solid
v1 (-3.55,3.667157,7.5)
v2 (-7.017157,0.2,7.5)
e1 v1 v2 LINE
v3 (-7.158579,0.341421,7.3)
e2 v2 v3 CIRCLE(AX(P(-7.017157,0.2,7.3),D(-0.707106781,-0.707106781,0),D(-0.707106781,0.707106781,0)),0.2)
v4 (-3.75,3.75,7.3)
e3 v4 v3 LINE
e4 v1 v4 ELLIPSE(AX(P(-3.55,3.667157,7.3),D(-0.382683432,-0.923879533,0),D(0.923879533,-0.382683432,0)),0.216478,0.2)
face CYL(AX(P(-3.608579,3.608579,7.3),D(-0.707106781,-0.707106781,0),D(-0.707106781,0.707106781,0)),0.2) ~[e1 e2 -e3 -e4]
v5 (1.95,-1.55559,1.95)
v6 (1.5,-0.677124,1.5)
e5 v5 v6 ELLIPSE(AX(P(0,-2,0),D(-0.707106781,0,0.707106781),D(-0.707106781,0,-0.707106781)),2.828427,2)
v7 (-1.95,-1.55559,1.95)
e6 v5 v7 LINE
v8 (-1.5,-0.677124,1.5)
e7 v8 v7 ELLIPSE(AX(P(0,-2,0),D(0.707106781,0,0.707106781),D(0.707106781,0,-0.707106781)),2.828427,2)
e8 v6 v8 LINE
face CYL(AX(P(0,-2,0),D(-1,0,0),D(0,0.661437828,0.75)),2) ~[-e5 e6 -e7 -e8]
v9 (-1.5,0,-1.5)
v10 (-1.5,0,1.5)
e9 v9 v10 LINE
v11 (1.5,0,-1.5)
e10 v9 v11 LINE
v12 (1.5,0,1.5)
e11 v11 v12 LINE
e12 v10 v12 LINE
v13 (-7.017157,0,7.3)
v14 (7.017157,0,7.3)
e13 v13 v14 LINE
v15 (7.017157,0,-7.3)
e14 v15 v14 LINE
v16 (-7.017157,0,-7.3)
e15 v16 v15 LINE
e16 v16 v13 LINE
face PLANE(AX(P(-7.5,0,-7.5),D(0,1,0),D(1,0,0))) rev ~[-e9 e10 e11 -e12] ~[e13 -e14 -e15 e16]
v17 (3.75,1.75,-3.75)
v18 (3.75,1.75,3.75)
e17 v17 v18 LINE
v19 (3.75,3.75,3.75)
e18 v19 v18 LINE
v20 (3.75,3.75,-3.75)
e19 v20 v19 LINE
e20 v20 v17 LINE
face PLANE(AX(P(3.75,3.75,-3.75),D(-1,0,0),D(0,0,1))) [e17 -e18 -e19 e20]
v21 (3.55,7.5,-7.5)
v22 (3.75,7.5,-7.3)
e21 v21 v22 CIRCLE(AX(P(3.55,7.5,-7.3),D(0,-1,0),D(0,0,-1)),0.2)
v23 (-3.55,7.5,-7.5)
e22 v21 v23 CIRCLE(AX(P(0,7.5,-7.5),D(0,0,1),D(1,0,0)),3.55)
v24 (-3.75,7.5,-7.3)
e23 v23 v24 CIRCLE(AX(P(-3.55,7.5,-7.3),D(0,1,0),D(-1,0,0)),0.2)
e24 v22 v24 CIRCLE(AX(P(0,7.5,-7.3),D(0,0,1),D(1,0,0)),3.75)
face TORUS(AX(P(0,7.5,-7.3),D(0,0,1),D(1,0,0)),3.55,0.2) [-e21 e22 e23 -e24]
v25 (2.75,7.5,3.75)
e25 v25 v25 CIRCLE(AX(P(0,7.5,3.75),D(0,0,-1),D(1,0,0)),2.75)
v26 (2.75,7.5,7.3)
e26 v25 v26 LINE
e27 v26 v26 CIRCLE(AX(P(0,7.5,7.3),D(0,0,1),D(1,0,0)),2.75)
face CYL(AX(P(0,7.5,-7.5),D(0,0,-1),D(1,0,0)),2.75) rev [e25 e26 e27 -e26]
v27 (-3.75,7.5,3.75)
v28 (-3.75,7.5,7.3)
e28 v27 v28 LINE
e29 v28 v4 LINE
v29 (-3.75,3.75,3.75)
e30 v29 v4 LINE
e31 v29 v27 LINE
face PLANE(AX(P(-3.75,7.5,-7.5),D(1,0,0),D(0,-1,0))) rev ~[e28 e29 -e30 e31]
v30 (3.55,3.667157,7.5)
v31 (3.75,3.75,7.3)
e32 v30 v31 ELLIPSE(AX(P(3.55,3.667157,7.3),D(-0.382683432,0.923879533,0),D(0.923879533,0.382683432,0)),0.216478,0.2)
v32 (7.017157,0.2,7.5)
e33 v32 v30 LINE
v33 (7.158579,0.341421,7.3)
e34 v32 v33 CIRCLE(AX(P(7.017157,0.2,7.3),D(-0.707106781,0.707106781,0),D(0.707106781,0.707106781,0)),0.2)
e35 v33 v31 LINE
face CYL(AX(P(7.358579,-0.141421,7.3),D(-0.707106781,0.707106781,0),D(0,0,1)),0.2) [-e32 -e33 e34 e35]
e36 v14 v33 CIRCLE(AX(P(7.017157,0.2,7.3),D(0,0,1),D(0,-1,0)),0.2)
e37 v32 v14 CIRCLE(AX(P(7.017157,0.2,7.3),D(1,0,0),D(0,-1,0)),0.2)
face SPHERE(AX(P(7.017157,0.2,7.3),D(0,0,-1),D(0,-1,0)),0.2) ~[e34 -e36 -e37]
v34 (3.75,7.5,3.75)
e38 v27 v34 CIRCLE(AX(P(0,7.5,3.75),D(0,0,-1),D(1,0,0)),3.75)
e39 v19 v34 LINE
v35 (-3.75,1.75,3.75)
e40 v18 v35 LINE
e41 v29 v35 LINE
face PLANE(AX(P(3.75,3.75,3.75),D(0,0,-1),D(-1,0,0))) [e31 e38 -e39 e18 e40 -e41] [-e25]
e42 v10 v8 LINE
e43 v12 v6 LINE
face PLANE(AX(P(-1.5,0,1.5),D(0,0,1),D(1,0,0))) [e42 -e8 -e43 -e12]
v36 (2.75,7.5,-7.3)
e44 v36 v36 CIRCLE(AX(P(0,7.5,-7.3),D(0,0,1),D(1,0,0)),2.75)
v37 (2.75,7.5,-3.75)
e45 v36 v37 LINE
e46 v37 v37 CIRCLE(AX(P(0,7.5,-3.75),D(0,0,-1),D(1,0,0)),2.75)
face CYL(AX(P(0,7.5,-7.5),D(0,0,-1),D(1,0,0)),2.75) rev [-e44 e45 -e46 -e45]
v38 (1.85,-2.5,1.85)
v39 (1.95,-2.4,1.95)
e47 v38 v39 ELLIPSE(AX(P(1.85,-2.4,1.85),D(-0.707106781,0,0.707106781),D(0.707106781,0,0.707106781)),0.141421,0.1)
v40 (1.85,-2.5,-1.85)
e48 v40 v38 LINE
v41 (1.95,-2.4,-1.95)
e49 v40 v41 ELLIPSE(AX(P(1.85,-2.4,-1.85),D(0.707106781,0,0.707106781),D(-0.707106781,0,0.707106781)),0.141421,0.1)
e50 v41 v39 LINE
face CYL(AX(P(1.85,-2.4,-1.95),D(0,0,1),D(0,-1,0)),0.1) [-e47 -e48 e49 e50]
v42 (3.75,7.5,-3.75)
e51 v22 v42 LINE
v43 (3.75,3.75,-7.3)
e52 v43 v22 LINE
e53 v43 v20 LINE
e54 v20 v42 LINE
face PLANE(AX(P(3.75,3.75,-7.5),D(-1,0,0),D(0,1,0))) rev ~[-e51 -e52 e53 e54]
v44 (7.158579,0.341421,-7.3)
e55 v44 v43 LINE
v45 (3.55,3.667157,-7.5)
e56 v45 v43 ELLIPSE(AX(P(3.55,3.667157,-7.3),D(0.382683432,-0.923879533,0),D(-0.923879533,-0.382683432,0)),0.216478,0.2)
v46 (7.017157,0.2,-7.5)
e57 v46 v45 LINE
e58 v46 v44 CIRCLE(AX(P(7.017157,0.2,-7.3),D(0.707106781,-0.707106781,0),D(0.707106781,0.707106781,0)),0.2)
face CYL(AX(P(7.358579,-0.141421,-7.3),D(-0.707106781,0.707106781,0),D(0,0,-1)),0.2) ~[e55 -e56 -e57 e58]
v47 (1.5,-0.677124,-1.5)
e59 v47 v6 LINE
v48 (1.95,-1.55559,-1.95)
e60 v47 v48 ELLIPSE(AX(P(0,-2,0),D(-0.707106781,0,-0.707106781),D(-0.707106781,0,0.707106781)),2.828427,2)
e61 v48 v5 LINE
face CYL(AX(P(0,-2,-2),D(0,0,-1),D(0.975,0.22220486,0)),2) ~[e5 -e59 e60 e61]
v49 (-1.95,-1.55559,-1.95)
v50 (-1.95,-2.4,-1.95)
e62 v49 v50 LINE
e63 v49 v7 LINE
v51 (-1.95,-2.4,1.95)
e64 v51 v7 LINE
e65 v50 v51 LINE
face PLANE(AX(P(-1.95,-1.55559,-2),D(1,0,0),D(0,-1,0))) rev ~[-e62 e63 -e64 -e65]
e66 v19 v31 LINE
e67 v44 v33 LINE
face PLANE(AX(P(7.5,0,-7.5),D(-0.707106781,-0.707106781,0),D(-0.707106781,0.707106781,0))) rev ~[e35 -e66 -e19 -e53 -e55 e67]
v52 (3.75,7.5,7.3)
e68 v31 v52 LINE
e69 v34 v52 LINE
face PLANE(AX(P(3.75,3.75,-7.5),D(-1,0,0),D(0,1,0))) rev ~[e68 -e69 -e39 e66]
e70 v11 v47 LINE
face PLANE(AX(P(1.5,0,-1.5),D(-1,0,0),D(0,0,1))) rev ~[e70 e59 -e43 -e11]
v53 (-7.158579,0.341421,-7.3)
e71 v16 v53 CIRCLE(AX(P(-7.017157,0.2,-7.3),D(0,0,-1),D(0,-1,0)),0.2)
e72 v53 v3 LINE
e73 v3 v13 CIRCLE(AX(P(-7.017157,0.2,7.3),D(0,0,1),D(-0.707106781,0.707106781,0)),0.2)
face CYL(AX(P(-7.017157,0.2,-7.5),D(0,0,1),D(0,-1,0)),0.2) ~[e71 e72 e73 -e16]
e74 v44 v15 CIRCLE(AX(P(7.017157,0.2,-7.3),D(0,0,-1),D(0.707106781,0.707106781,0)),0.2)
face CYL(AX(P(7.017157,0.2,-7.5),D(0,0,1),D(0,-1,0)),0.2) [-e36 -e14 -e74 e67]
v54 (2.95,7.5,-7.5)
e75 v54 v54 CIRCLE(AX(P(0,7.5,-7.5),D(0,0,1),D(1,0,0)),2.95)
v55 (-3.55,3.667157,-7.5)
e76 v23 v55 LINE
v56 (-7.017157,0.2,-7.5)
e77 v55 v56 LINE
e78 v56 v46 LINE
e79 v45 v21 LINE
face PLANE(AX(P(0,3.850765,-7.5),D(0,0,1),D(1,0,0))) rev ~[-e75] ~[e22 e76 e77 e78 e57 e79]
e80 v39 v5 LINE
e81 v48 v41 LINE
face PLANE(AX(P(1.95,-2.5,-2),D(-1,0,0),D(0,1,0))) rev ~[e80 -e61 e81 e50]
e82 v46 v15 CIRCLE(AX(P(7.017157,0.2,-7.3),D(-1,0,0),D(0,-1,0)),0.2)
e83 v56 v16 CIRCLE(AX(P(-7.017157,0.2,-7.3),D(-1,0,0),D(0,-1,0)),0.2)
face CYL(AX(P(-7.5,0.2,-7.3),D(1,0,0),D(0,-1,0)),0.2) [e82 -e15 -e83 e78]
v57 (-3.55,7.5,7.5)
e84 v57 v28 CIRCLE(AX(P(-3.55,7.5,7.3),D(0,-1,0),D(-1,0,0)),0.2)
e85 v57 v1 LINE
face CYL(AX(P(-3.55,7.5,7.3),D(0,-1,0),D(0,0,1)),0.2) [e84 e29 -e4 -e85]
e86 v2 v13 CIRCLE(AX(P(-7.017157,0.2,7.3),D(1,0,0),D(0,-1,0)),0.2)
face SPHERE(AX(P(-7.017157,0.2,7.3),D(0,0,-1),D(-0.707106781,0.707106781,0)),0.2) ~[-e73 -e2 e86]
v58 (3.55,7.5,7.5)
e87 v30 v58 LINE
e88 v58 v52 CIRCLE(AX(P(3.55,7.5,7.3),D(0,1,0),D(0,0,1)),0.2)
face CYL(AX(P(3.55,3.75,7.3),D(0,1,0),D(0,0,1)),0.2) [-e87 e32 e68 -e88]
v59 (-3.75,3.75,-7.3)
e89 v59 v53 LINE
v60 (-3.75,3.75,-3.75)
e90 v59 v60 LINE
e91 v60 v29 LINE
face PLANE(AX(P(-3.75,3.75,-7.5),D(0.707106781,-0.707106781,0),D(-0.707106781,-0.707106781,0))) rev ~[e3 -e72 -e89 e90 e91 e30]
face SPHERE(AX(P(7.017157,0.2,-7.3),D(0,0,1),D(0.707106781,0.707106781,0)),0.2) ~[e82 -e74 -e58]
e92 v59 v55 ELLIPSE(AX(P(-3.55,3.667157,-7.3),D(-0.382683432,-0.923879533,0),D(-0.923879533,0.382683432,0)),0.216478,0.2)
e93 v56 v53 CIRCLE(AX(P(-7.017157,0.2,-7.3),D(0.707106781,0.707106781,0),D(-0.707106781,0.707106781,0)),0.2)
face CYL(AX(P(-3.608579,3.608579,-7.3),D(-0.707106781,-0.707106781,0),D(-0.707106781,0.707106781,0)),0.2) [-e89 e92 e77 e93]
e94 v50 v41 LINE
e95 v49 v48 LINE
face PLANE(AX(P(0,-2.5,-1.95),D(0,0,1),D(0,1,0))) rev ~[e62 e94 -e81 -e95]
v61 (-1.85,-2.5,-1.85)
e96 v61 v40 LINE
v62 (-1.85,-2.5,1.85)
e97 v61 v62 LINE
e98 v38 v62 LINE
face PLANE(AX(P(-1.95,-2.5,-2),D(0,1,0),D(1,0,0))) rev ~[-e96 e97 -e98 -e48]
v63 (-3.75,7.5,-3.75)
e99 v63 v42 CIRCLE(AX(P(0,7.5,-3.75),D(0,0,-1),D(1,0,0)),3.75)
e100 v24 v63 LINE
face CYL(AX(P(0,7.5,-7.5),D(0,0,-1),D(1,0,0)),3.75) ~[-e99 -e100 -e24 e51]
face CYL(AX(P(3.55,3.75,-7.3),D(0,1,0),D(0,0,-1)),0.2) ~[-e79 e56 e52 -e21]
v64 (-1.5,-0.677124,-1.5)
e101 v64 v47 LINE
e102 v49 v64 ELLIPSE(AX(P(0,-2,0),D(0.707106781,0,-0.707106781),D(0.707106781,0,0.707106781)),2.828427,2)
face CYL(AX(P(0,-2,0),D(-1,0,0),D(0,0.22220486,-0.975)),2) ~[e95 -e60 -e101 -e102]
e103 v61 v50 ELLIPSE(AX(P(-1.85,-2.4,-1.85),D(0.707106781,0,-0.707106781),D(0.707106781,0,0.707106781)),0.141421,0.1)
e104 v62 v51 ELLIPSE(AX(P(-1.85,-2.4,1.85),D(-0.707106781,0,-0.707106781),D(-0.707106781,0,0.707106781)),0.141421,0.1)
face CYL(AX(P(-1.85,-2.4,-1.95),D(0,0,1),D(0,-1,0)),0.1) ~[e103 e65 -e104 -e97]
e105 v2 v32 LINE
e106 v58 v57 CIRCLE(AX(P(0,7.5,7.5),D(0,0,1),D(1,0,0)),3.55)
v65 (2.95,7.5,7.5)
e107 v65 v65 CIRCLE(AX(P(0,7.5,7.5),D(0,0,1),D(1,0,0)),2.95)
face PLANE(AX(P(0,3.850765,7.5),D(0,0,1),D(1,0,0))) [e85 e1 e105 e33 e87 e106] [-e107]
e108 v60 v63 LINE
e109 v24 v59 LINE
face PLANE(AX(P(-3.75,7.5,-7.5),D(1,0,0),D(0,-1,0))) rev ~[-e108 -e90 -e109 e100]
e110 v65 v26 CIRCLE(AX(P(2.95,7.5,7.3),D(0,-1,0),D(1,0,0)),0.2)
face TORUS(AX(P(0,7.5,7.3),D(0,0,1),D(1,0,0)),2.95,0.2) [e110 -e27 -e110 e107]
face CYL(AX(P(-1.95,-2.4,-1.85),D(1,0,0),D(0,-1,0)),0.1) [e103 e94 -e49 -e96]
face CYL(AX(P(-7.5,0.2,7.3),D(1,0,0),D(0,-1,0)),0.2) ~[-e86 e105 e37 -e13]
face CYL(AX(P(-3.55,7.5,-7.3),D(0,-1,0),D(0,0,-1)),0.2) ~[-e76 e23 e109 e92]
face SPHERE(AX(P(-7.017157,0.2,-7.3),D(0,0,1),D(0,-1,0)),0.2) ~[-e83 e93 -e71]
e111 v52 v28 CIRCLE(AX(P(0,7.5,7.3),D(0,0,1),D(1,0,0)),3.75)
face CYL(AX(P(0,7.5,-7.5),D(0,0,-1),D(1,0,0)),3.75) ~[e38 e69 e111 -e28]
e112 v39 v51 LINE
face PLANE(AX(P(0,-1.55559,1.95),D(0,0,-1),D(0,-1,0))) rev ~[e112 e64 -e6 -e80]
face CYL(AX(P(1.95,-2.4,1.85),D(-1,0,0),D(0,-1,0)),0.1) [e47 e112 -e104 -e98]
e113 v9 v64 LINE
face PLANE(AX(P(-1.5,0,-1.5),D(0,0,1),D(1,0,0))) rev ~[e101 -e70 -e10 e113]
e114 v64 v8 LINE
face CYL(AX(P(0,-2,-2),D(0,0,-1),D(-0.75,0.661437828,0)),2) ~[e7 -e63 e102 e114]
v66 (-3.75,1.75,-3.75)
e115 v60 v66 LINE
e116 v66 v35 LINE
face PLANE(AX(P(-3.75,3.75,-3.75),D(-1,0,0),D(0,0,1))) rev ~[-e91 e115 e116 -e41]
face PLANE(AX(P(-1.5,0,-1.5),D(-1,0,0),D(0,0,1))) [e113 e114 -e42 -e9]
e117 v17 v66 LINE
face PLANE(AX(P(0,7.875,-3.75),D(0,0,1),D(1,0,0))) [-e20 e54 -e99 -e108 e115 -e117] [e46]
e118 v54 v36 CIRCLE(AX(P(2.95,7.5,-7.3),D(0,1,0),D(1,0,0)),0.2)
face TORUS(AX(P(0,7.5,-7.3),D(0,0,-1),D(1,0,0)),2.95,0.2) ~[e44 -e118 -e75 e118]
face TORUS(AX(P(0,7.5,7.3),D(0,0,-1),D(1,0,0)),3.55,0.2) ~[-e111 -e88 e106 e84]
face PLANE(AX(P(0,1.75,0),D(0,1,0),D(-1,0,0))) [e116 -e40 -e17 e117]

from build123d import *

# Parameters (mm, degrees)
EXTRUDE_1_DEPTH                 = 7.5
EXTRUDE_1_DEPTH_BACK            = 7.5
SKETCH_1_R                      = 2.75
CUT_EXTRUDE_1_DEPTH             = 3.75
CUT_EXTRUDE_1_DEPTH_BACK        = 3.75
SKETCH_2_W                      = 7.5
SKETCH_2_H                      = 8.25
SKETCH_3_W                      = 7.5
SKETCH_3_H                      = 7.5
CUT_EXTRUDE_2_DEPTH             = 2
SKETCH_4_W                      = 3
SKETCH_4_H                      = 3
EXTRUDE_2_DEPTH                 = 1
EXTRUDE_3_DEPTH                 = 2
EXTRUDE_3_DEPTH_BACK            = 2
CUT_EXTRUDE_3_REACH             = 17.462
CUT_EXTRUDE_3_DIRECTION_2_REACH = 17.462
FILLET_1_R                      = 0.1
FILLET_2_R                      = 0.2


with BuildPart() as part:
    # 草图1 → 凸台-拉伸1 (new, two sides: drawn at the far end of the back side and taken through both)
    with BuildSketch(Plane.XY.offset(-EXTRUDE_1_DEPTH_BACK)):
        with BuildLine():
            Line((-7.5, 0), (7.5, 0))
            Line((7.5, 0), (3.75, 3.75))
            Line((3.75, 3.75), (3.75, 7.5))
            ThreePointArc((3.75, 7.5), (0, 11.25), (-3.75, 7.5))
            Line((-3.75, 7.5), (-3.75, 3.75))
            Line((-3.75, 3.75), (-7.5, 0))
        make_face()
        with Locations((0, 7.5)):
            Circle(SKETCH_1_R, mode=Mode.SUBTRACT)
    extrude(amount=EXTRUDE_1_DEPTH + EXTRUDE_1_DEPTH_BACK)

    # 草图2 → 切除-拉伸1 (cut, two sides: drawn at the far end of the back side and taken through both)
    with BuildSketch(Plane.XY.offset(-CUT_EXTRUDE_1_DEPTH_BACK)):
        with Locations((0, 7.875)):
            Rectangle(SKETCH_2_W, SKETCH_2_H)
    extrude(amount=CUT_EXTRUDE_1_DEPTH + CUT_EXTRUDE_1_DEPTH_BACK, mode=Mode.SUBTRACT)

    # 草图3 → 切除-拉伸2 (cut)
    with BuildSketch(Plane(origin=(0, 3.75, 0), x_dir=(-1, 0, 0), z_dir=(0, 1, 0))):
        Rectangle(SKETCH_3_W, SKETCH_3_H)
    extrude(amount=-CUT_EXTRUDE_2_DEPTH, mode=Mode.SUBTRACT)

    # 草图4 → 凸台-拉伸2 (add)
    with BuildSketch(Plane.XZ):
        Rectangle(SKETCH_4_W, SKETCH_4_H)
    extrude(amount=EXTRUDE_2_DEPTH)

    # 草图5 → 凸台-拉伸3 (add, two sides: drawn at the far end of the back side and taken through both)
    with BuildSketch(Plane.XY.offset(-EXTRUDE_3_DEPTH_BACK)):
        with BuildLine():
            Line((-1.95, -2.5), (1.95, -2.5))
            Line((1.95, -2.5), (1.95, -1.555590279))
            ThreePointArc((1.95, -1.555590279), (1.780042303, -1.088161527), (1.5, -0.677124344))
            Line((1.5, -0.677124344), (-1.5, -0.677124344))
            ThreePointArc((-1.5, -0.677124344), (-1.780042303, -1.088161527), (-1.95, -1.555590279))
            Line((-1.95, -1.555590279), (-1.95, -2.5))
        make_face()
    extrude(amount=EXTRUDE_3_DEPTH + EXTRUDE_3_DEPTH_BACK)

    # 草图6 → 切除-拉伸3 (cut, up to next)
    with BuildSketch(Plane(origin=(0, 0, 0), x_dir=(0, 0, -1), z_dir=(1, 0, 0)), mode=Mode.PRIVATE) as cut_extrude_3_sk1:
        with BuildLine():
            Line((1.95, -2.5), (1.95, -1.555590279))
            ThreePointArc((1.95, -1.555590279), (1.780042303, -1.088161527), (1.5, -0.677124344))
            Line((1.5, -0.677124344), (2, -0.677124344))
            Line((2, -0.677124344), (2, -2.5))
            Line((2, -2.5), (1.95, -2.5))
        make_face()
    cut_extrude_3_tool1 = extrude(cut_extrude_3_sk1.sketch, amount=-CUT_EXTRUDE_3_REACH, mode=Mode.PRIVATE) & part.part
    # 草图6 → 切除-拉伸3 (cut, up to next)
    with BuildSketch(Plane(origin=(0, 0, 0), x_dir=(0, 0, -1), z_dir=(1, 0, 0)), mode=Mode.PRIVATE) as cut_extrude_3_sk2:
        with BuildLine():
            Line((-2, -2.5), (-2, -0.677124344))
            Line((-2, -0.677124344), (-1.5, -0.677124344))
            ThreePointArc((-1.5, -0.677124344), (-1.780042303, -1.088161527), (-1.95, -1.555590279))
            Line((-1.95, -1.555590279), (-1.95, -2.5))
            Line((-1.95, -2.5), (-2, -2.5))
        make_face()
    cut_extrude_3_tool2 = extrude(cut_extrude_3_sk2.sketch, amount=-CUT_EXTRUDE_3_REACH, mode=Mode.PRIVATE) & part.part
    add(cut_extrude_3_tool1.solids().sort_by_distance((0, -1.175075, -1.873038))[0], mode=Mode.SUBTRACT)
    add(cut_extrude_3_tool2.solids().sort_by_distance((0, -1.175075, 1.873038))[0], mode=Mode.SUBTRACT)

    # 草图6 → 切除-拉伸3 direction 2 (cut, up to next)
    with BuildSketch(Plane(origin=(0, 0, 0), x_dir=(0, 0, -1), z_dir=(1, 0, 0)), mode=Mode.PRIVATE) as cut_extrude_3_direction_2_sk1:
        with BuildLine():
            Line((1.95, -2.5), (1.95, -1.555590279))
            ThreePointArc((1.95, -1.555590279), (1.780042303, -1.088161527), (1.5, -0.677124344))
            Line((1.5, -0.677124344), (2, -0.677124344))
            Line((2, -0.677124344), (2, -2.5))
            Line((2, -2.5), (1.95, -2.5))
        make_face()
    cut_extrude_3_direction_2_tool1 = extrude(cut_extrude_3_direction_2_sk1.sketch, amount=CUT_EXTRUDE_3_DIRECTION_2_REACH, mode=Mode.PRIVATE) & part.part
    # 草图6 → 切除-拉伸3 direction 2 (cut, up to next)
    with BuildSketch(Plane(origin=(0, 0, 0), x_dir=(0, 0, -1), z_dir=(1, 0, 0)), mode=Mode.PRIVATE) as cut_extrude_3_direction_2_sk2:
        with BuildLine():
            Line((-2, -2.5), (-2, -0.677124344))
            Line((-2, -0.677124344), (-1.5, -0.677124344))
            ThreePointArc((-1.5, -0.677124344), (-1.780042303, -1.088161527), (-1.95, -1.555590279))
            Line((-1.95, -1.555590279), (-1.95, -2.5))
            Line((-1.95, -2.5), (-2, -2.5))
        make_face()
    cut_extrude_3_direction_2_tool2 = extrude(cut_extrude_3_direction_2_sk2.sketch, amount=CUT_EXTRUDE_3_DIRECTION_2_REACH, mode=Mode.PRIVATE) & part.part
    add(cut_extrude_3_direction_2_tool1.solids().sort_by_distance((0, -1.175075, -1.873038))[0], mode=Mode.SUBTRACT)
    add(cut_extrude_3_direction_2_tool2.solids().sort_by_distance((0, -1.175075, 1.873038))[0], mode=Mode.SUBTRACT)

    # 圆角1
    fillet_1_edges = [part.edges().sort_by_distance(p)[0] for p in [
        (-1.95, -2.5, 0),
        (1.95, -2.5, 0),
        (0, -2.5, -1.95),
        (0, -2.5, 1.95),
    ]]
    fillet(fillet_1_edges, radius=FILLET_1_R)

    # 圆角2
    fillet_2_edges = [part.edges().sort_by_distance(p)[0] for p in [
        (0, 11.25, 7.5),
        (7.5, 0, 0),
        (-7.5, 0, 0),
        (-3.75, 5.625, 7.5),
        (-5.625, 1.875, 7.5),
        (-2.75, 7.5, 7.5),
        (0, 0, 7.5),
        (5.625, 1.875, -7.5),
        (0, 0, -7.5),
        (-5.625, 1.875, -7.5),
        (-3.75, 5.625, -7.5),
        (0, 11.25, -7.5),
        (3.75, 5.625, -7.5),
        (-2.75, 7.5, -7.5),
        (5.625, 1.875, 7.5),
        (3.75, 5.625, 7.5),
    ]]
    fillet(fillet_2_edges, radius=FILLET_2_R)


solid = part.part
